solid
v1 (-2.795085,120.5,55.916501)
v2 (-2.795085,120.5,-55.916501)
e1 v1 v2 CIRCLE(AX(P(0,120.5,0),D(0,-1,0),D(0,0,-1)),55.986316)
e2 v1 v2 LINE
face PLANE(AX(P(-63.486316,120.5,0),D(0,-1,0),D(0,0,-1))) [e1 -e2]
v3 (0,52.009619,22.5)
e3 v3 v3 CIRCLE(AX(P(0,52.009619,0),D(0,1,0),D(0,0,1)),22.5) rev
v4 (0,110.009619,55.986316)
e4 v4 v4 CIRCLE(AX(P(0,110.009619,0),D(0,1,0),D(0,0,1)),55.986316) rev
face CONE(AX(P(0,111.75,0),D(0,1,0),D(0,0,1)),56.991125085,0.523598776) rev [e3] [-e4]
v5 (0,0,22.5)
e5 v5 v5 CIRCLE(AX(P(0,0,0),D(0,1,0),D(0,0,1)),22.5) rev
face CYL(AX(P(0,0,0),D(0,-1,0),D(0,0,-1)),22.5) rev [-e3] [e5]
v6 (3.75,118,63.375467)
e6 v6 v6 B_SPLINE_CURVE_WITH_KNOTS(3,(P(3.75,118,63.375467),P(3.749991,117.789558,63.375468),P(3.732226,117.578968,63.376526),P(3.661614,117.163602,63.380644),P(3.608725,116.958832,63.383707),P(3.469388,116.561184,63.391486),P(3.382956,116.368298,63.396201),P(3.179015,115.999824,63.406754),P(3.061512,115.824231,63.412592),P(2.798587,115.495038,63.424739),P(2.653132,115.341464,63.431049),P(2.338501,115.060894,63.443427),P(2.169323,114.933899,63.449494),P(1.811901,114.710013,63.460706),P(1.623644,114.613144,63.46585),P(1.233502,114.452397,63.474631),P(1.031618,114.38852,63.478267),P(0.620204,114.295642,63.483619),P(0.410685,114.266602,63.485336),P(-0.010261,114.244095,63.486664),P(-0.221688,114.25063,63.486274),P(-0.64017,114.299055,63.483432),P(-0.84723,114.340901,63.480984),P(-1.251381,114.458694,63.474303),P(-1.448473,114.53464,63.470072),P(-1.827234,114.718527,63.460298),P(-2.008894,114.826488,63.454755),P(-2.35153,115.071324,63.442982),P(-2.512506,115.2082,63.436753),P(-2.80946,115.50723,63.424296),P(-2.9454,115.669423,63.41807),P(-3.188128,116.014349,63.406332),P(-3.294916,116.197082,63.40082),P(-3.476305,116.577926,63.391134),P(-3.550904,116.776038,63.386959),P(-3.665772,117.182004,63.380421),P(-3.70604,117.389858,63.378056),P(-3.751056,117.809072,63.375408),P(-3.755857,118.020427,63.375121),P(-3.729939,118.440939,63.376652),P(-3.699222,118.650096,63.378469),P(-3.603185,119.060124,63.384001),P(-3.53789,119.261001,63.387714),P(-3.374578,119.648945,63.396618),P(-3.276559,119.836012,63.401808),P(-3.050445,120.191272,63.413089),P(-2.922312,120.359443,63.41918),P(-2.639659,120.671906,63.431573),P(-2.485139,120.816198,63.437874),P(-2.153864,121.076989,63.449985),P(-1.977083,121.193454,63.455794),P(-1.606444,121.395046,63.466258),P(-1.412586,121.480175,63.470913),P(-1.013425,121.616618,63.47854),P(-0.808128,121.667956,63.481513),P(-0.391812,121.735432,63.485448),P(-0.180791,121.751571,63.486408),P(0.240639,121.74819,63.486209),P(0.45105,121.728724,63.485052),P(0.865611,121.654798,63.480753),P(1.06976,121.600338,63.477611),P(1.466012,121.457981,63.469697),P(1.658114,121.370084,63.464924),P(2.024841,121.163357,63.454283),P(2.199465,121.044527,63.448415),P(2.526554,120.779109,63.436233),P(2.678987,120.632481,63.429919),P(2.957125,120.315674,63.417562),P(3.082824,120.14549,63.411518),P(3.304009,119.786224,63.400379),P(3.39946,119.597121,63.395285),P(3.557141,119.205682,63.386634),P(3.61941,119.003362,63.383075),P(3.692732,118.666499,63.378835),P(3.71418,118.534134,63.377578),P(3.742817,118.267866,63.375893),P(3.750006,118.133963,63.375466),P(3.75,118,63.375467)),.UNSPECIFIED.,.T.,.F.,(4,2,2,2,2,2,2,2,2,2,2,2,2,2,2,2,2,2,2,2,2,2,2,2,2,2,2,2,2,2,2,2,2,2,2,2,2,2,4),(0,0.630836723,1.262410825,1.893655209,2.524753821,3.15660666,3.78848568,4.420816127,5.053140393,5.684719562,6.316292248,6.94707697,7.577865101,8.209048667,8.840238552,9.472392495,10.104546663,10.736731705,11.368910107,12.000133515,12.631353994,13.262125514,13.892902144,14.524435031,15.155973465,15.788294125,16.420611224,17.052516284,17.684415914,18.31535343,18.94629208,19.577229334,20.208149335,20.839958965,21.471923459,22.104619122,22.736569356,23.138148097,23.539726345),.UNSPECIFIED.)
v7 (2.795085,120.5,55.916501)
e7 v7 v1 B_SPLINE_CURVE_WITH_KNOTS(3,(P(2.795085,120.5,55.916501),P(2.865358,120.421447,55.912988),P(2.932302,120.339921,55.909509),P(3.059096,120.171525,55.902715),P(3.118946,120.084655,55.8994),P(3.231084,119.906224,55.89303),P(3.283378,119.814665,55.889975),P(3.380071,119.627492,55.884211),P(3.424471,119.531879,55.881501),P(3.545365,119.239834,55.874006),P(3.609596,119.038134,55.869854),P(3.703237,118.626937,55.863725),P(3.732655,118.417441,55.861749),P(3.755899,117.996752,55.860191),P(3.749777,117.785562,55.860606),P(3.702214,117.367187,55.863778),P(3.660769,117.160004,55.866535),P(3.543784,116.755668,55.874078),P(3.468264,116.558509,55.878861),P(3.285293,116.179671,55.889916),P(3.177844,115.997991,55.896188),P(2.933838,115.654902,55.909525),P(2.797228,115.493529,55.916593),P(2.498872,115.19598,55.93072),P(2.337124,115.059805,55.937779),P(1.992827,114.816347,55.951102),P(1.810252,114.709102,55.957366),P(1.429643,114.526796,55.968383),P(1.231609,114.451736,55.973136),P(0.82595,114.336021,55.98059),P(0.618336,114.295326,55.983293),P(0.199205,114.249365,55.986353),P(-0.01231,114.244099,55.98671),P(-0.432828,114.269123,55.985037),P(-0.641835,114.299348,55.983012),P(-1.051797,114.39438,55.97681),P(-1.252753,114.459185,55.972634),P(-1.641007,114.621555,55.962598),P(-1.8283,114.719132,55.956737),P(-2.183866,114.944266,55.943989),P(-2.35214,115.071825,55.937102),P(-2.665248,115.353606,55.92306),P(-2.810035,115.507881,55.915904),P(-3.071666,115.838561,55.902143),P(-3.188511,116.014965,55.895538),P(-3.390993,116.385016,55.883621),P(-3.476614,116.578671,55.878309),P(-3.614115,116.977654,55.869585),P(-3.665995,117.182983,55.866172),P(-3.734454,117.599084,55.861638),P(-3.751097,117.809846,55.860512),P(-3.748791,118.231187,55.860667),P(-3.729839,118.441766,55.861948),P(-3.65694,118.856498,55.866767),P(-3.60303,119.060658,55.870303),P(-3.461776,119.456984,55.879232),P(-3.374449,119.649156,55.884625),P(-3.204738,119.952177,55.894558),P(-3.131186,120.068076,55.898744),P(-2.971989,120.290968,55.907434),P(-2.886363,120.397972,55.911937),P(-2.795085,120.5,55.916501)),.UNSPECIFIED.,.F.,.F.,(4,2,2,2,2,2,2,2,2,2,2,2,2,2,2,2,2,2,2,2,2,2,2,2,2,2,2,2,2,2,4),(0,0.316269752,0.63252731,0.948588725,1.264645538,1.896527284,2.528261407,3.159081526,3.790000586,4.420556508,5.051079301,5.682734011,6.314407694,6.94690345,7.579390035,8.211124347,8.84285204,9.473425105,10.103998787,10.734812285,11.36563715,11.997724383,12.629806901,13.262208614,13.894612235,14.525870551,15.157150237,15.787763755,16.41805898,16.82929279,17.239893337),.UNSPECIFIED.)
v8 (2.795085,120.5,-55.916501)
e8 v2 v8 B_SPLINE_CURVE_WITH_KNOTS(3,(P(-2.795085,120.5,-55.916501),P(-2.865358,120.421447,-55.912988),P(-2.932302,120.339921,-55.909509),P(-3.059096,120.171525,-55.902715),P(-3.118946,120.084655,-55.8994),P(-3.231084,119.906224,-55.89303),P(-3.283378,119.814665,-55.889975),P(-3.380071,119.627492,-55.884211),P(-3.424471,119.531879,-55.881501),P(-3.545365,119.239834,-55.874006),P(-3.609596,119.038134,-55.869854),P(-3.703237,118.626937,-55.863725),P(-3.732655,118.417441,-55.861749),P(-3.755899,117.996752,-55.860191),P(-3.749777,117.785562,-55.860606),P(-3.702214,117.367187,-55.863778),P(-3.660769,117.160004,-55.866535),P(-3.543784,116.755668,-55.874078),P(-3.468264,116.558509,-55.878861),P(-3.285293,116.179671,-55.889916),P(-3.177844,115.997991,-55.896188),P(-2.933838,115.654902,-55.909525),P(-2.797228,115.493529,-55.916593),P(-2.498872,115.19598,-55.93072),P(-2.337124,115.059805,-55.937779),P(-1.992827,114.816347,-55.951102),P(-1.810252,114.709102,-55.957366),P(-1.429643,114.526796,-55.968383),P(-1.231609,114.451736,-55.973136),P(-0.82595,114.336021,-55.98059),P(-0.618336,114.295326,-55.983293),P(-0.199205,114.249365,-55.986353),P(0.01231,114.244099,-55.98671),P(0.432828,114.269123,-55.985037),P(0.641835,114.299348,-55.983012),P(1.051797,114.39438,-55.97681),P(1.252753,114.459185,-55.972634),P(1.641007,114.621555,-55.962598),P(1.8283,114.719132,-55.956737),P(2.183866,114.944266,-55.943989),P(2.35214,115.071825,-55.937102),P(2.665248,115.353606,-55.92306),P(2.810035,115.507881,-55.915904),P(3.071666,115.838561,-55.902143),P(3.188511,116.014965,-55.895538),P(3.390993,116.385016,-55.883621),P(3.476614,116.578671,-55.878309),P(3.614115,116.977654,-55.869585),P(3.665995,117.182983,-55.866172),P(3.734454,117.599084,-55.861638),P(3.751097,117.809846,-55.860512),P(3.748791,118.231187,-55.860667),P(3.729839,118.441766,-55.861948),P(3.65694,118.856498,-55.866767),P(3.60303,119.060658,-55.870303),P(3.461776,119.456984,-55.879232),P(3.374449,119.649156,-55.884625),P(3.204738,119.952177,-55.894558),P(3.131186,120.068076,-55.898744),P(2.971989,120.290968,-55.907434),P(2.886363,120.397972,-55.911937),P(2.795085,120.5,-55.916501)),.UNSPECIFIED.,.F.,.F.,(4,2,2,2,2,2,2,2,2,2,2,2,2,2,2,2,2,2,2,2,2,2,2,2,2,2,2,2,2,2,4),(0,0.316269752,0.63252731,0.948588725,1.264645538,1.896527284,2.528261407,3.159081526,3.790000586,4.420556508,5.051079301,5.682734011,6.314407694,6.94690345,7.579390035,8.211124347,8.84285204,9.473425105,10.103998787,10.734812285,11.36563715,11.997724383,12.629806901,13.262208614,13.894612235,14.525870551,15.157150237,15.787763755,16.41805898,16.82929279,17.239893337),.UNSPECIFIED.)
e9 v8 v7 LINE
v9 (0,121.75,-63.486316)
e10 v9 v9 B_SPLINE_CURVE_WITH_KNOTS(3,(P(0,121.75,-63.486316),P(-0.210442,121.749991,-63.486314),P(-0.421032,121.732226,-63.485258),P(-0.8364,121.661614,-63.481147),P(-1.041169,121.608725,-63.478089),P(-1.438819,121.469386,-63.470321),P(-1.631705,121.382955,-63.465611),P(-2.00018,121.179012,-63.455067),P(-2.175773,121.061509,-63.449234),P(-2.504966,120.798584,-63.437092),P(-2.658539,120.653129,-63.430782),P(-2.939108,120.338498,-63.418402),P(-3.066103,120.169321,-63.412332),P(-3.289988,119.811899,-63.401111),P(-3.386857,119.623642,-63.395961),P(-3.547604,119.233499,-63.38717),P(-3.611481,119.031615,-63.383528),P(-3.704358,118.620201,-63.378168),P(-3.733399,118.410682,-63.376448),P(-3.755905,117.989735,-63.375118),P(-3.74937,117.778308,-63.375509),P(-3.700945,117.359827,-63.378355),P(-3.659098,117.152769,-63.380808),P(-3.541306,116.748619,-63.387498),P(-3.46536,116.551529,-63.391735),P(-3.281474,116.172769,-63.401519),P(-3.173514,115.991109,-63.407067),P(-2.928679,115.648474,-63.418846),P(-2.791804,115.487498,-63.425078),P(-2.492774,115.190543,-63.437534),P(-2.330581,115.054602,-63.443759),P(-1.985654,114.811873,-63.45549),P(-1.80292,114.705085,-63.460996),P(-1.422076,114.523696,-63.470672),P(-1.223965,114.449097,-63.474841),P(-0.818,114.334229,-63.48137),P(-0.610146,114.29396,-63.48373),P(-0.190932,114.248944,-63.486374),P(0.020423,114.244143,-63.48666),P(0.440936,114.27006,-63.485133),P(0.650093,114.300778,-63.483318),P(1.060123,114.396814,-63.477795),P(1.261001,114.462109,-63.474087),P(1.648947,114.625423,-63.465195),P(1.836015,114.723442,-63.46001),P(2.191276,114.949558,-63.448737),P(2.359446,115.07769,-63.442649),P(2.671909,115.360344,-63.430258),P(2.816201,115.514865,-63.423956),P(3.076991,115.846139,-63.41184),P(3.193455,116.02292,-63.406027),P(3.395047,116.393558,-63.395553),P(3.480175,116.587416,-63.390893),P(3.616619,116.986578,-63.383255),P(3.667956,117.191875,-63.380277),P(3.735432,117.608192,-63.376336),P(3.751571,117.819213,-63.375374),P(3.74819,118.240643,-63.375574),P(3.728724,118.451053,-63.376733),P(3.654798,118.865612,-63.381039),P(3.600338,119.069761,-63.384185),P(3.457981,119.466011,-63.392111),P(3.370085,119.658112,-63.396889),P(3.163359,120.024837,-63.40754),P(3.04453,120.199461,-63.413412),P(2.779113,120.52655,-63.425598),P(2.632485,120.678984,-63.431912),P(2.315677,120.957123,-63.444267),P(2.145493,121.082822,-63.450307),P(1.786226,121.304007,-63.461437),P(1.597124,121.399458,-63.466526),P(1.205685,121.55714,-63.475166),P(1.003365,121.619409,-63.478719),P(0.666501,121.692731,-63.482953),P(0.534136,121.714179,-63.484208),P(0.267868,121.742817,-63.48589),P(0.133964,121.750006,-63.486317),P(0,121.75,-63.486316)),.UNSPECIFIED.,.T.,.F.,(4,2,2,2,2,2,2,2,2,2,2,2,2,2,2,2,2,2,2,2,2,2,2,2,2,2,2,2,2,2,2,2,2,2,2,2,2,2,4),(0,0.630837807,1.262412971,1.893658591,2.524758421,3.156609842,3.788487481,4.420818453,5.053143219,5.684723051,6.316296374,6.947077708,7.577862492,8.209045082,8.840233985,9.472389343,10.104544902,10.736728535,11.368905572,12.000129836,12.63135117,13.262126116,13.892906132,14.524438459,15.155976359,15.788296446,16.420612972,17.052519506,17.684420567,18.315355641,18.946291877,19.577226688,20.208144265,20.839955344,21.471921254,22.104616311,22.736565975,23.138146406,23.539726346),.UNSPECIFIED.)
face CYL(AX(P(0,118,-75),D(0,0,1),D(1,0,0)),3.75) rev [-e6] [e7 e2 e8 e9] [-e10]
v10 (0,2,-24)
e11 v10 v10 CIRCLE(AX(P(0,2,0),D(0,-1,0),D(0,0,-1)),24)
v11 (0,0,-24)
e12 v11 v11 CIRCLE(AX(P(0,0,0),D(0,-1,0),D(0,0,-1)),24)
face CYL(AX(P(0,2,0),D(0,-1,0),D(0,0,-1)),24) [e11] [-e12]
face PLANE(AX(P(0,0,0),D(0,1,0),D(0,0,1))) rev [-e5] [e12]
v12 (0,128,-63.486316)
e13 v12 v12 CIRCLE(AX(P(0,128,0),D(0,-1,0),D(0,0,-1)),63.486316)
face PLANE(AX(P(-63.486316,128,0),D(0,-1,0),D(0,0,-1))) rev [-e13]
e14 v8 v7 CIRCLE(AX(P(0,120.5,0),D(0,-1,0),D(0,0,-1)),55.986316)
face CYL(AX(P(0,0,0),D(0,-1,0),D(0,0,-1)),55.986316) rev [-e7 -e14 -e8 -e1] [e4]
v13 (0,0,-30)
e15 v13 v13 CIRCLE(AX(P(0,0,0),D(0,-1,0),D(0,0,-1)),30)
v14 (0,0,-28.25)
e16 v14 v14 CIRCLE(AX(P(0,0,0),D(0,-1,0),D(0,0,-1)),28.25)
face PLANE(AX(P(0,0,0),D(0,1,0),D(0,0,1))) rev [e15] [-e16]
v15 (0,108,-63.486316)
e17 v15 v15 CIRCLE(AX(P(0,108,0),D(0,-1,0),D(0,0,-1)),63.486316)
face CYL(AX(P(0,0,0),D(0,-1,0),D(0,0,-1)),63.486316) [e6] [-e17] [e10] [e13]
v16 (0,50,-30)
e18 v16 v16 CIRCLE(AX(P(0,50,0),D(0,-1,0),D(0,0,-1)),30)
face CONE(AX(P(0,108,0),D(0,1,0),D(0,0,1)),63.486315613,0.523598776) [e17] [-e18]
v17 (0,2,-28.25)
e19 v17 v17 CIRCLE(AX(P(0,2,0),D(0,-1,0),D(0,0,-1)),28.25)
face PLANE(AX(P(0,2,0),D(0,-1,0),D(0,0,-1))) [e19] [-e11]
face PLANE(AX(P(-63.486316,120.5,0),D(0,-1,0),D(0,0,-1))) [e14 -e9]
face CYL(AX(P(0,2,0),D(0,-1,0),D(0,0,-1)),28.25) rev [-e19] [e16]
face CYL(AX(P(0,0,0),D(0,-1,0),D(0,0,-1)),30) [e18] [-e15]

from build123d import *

# Parameters (mm, degrees)
SHELL1_T           = -7.5
SKETCH2_R          = 28.25
SKETCH2_R_2        = 24
CUT_EXTRUDE1_DEPTH = 2
SKETCH4_R          = 3.75
CUT_EXTRUDE2_DEPTH = 75


with BuildPart() as part:
    # Sketch1 → Revolve1 (revolve)
    with BuildSketch(Plane.XY, mode=Mode.PRIVATE) as revolve1_sk:
        Polygon((0, 0), (0, 88), (0, 128), (-63.486315613, 128), (-63.486315613, 108), (-30, 50), (-30, 0), align=None)
    revolve(revolve1_sk.sketch.rotate(Axis((0, 0, 0), (0, 1, 0)), 270), axis=Axis((0, 0, 0), (0, 1, 0)))

    # Shell1
    shell1_openings = [part.faces().sort_by_distance(p)[0] for p in [
        (0, 0, 0),
    ]]
    offset(amount=SHELL1_T, openings=shell1_openings, kind=Kind.INTERSECTION)

    # Sketch2 → Cut-Extrude1 (cut)
    with BuildSketch(Plane.XZ):
        with Locations(Location((0, 0, 0), (0, 0, 270))):
            Circle(SKETCH2_R)
        with Locations(Location((0, 0, 0), (0, 0, 270))):
            Circle(SKETCH2_R_2, mode=Mode.SUBTRACT)
    extrude(amount=-CUT_EXTRUDE1_DEPTH, mode=Mode.SUBTRACT)

    # Sketch4 → Cut-Extrude2 (cut, symmetric)
    with BuildSketch(Plane.XY):
        with Locations((0, 118)):
            Circle(SKETCH4_R)
    extrude(amount=CUT_EXTRUDE2_DEPTH, both=True, mode=Mode.SUBTRACT)


solid = part.part
